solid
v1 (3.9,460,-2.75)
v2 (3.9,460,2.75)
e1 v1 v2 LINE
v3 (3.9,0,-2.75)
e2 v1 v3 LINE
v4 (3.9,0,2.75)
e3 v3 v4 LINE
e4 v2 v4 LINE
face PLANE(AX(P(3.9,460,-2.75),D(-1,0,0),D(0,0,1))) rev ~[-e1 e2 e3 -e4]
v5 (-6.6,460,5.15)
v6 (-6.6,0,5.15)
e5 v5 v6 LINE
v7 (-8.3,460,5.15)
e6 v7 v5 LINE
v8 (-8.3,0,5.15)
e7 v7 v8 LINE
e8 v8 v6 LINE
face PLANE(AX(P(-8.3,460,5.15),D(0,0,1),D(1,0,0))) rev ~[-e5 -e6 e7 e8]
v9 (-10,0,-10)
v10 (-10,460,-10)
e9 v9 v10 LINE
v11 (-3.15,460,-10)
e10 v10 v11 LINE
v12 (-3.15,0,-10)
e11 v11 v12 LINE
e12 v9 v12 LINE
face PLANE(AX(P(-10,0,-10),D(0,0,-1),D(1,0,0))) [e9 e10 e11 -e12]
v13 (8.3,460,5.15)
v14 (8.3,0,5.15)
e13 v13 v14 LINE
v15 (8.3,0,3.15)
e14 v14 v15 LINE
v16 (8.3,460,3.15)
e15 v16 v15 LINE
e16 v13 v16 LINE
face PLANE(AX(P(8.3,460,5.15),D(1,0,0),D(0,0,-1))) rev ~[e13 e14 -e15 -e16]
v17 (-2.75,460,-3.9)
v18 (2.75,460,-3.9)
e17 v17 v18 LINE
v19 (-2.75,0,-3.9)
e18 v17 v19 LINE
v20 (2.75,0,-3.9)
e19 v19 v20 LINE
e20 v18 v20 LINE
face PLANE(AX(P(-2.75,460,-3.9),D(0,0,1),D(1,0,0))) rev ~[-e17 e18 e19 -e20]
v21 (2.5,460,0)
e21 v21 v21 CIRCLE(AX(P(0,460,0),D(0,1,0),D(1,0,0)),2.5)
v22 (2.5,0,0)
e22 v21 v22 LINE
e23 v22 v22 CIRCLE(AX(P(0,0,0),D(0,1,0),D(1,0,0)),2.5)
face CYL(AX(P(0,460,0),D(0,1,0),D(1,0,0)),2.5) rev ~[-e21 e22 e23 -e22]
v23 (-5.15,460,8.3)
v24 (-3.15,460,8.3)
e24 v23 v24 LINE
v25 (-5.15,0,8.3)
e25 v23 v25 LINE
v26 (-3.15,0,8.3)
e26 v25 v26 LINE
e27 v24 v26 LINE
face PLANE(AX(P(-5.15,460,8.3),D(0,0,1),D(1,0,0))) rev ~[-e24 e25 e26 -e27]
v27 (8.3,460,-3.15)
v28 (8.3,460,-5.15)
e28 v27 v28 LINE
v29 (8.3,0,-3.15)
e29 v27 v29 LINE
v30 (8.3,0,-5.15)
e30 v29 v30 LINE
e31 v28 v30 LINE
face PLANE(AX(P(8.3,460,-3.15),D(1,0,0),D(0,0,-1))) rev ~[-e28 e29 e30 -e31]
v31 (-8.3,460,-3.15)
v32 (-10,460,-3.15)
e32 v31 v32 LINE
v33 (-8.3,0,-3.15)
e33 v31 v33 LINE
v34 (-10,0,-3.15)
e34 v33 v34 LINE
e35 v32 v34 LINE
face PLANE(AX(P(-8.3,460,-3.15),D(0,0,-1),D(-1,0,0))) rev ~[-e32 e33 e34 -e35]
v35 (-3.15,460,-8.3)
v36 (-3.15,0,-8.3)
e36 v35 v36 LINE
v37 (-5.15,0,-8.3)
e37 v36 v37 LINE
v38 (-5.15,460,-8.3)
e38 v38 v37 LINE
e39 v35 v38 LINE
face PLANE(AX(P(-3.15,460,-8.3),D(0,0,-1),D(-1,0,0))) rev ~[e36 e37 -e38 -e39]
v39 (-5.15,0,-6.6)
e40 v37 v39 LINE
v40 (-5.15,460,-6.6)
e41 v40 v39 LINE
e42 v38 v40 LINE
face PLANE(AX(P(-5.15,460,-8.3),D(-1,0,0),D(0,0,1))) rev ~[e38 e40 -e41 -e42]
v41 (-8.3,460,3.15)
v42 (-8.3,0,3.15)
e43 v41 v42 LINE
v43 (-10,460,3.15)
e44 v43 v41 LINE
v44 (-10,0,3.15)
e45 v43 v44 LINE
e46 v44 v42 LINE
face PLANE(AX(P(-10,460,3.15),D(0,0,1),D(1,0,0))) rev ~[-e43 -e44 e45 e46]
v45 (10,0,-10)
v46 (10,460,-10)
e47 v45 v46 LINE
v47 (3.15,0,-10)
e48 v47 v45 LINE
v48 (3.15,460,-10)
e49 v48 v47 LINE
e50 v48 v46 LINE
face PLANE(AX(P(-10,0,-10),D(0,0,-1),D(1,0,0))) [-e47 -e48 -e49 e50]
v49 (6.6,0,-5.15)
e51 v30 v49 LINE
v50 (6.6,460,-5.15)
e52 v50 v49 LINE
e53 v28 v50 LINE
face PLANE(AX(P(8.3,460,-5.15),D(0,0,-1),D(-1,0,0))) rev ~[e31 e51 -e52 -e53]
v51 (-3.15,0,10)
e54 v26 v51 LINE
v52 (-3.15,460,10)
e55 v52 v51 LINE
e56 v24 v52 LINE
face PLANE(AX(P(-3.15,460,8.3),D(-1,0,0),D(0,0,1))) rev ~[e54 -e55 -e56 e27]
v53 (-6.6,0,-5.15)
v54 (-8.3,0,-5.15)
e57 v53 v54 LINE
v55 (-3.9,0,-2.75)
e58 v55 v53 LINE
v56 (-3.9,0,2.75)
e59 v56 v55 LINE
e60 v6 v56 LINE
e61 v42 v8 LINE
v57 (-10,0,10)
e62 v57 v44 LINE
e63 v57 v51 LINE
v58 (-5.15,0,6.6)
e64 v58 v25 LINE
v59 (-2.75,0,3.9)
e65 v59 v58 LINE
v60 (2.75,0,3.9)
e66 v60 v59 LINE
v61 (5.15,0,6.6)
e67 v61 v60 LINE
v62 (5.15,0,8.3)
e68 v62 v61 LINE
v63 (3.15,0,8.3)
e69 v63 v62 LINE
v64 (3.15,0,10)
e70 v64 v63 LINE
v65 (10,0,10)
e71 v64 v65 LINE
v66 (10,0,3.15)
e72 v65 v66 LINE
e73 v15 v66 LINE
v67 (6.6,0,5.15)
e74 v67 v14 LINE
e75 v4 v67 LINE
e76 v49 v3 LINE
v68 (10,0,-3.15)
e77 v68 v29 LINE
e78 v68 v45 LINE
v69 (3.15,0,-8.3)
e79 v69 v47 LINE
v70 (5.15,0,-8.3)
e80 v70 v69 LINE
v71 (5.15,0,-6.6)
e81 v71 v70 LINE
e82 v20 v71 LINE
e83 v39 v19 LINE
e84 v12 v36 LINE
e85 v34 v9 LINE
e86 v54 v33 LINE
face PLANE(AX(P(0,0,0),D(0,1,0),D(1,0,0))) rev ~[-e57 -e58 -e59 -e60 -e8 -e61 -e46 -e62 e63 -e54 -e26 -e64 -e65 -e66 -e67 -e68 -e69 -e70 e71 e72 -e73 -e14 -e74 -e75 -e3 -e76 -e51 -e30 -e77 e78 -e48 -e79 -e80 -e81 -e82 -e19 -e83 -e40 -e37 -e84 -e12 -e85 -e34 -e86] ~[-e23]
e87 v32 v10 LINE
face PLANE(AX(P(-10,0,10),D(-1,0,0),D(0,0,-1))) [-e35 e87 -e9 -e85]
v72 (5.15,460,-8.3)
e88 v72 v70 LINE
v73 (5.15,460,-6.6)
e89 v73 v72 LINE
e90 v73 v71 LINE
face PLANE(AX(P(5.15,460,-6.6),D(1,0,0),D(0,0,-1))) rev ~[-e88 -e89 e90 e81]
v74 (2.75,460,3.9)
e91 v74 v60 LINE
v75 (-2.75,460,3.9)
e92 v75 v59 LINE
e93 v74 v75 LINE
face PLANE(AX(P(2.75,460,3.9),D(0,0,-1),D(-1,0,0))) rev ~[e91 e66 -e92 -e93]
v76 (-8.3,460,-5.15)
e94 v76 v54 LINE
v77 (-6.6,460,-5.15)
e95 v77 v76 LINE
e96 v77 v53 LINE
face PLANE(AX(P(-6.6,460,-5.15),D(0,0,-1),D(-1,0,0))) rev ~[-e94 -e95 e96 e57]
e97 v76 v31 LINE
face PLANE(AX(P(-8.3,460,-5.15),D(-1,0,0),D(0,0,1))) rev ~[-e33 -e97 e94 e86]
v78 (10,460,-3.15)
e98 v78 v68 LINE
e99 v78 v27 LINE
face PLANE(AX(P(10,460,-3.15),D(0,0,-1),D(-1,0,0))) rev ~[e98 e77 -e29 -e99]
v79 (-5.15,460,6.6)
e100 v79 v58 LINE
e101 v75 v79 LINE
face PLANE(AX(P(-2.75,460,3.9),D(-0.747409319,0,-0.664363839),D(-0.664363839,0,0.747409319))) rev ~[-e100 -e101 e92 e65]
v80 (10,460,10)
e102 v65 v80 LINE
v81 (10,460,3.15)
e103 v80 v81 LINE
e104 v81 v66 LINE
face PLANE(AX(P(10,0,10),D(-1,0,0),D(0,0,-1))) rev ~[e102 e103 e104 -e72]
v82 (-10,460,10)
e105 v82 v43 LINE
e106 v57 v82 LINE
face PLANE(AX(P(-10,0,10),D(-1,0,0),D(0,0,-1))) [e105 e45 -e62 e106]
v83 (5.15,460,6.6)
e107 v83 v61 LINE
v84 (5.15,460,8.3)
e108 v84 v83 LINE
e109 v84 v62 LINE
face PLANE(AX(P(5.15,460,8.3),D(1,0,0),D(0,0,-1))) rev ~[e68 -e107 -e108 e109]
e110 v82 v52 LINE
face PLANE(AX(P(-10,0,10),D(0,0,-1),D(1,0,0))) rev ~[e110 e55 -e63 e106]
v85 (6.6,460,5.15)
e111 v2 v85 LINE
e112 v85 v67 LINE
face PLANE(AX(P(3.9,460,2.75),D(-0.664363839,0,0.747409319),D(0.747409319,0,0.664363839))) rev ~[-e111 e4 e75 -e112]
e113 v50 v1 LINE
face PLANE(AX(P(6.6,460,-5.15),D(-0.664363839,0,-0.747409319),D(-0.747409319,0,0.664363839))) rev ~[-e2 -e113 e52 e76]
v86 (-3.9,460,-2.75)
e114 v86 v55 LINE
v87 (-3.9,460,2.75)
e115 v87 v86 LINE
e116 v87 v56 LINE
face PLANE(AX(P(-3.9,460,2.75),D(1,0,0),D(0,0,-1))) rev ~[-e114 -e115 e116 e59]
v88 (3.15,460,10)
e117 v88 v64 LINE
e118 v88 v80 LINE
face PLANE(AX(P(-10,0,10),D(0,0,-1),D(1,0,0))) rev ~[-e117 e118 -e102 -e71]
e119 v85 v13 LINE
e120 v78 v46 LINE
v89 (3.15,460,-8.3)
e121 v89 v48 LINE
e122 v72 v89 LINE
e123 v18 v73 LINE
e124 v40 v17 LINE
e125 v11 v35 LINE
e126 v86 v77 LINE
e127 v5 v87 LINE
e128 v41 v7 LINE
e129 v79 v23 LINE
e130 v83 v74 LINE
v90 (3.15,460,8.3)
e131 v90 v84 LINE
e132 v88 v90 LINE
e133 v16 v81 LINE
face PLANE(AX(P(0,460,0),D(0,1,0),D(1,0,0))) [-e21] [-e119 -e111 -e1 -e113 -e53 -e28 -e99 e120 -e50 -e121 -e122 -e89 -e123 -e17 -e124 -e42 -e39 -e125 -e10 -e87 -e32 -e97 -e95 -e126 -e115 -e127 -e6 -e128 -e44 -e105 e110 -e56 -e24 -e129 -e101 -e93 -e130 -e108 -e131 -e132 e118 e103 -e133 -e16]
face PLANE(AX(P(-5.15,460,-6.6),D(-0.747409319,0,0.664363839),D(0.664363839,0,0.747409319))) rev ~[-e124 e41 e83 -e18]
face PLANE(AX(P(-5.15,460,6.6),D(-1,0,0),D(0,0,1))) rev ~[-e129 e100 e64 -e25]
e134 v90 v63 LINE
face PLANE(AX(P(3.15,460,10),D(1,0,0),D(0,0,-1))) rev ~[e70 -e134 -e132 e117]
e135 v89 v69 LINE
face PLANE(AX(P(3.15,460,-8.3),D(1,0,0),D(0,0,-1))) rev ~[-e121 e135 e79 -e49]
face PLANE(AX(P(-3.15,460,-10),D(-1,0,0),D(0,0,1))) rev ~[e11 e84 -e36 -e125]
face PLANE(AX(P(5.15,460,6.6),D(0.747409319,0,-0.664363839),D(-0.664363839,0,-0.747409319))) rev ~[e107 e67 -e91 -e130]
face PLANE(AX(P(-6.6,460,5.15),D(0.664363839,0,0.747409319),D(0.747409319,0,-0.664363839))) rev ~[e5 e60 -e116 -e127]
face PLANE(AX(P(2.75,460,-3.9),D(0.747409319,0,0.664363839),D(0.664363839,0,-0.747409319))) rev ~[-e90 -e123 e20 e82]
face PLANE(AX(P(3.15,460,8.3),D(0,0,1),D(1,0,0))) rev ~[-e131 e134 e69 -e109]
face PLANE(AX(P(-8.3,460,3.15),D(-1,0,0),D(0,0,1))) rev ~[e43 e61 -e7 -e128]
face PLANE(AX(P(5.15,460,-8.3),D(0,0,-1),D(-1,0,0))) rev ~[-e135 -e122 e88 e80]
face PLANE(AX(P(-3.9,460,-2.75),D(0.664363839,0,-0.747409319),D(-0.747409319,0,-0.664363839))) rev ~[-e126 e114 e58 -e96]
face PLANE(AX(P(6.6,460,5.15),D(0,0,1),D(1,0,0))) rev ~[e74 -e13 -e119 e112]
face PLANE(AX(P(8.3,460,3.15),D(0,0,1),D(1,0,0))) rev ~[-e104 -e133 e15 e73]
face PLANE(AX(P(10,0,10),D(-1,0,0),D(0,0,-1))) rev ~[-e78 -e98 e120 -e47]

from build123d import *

# Parameters (mm, degrees)
SKETCH_1_W          = 20
SKETCH_1_H          = 20
EXTRUDE_1_DEPTH     = 460
SKETCH_2_R          = 2.5
CUT_EXTRUDE_1_DEPTH = 461


with BuildPart() as part:
    # 草图1 → 凸台-拉伸1 (new body)
    with BuildSketch(Plane(origin=(0, 0, 0), x_dir=(1, 0, 0), z_dir=(0, 1, 0))):
        Rectangle(SKETCH_1_W, SKETCH_1_H)
    extrude(amount=EXTRUDE_1_DEPTH)

    # 草图2 → 切除-拉伸1 (cut, through all)
    with BuildSketch(Plane(origin=(0, 460, 0), x_dir=(1, 0, 0), z_dir=(0, 1, 0))):
        Circle(SKETCH_2_R)
        Polygon((-3.15, 10), (-3.15, 8.3), (-5.15, 8.3), (-5.15, 6.6), (-2.75, 3.9), (2.75, 3.9), (5.15, 6.6), (5.15, 8.3), (3.15, 8.3), (3.15, 10), align=None)
        Polygon((3.9, 2.75), (3.9, -2.75), (6.6, -5.15), (8.3, -5.15), (8.3, -3.15), (10, -3.15), (10, 3.15), (8.3, 3.15), (8.3, 5.15), (6.6, 5.15), align=None)
        Polygon((2.75, -3.9), (-2.75, -3.9), (-5.15, -6.6), (-5.15, -8.3), (-3.15, -8.3), (-3.15, -10), (3.15, -10), (3.15, -8.3), (5.15, -8.3), (5.15, -6.6), align=None)
        Polygon((-3.9, -2.75), (-3.9, 2.75), (-6.6, 5.15), (-8.3, 5.15), (-8.3, 3.15), (-10, 3.15), (-10, -3.15), (-8.3, -3.15), (-8.3, -5.15), (-6.6, -5.15), align=None)
    extrude(amount=-CUT_EXTRUDE_1_DEPTH, mode=Mode.SUBTRACT)


solid = part.part
